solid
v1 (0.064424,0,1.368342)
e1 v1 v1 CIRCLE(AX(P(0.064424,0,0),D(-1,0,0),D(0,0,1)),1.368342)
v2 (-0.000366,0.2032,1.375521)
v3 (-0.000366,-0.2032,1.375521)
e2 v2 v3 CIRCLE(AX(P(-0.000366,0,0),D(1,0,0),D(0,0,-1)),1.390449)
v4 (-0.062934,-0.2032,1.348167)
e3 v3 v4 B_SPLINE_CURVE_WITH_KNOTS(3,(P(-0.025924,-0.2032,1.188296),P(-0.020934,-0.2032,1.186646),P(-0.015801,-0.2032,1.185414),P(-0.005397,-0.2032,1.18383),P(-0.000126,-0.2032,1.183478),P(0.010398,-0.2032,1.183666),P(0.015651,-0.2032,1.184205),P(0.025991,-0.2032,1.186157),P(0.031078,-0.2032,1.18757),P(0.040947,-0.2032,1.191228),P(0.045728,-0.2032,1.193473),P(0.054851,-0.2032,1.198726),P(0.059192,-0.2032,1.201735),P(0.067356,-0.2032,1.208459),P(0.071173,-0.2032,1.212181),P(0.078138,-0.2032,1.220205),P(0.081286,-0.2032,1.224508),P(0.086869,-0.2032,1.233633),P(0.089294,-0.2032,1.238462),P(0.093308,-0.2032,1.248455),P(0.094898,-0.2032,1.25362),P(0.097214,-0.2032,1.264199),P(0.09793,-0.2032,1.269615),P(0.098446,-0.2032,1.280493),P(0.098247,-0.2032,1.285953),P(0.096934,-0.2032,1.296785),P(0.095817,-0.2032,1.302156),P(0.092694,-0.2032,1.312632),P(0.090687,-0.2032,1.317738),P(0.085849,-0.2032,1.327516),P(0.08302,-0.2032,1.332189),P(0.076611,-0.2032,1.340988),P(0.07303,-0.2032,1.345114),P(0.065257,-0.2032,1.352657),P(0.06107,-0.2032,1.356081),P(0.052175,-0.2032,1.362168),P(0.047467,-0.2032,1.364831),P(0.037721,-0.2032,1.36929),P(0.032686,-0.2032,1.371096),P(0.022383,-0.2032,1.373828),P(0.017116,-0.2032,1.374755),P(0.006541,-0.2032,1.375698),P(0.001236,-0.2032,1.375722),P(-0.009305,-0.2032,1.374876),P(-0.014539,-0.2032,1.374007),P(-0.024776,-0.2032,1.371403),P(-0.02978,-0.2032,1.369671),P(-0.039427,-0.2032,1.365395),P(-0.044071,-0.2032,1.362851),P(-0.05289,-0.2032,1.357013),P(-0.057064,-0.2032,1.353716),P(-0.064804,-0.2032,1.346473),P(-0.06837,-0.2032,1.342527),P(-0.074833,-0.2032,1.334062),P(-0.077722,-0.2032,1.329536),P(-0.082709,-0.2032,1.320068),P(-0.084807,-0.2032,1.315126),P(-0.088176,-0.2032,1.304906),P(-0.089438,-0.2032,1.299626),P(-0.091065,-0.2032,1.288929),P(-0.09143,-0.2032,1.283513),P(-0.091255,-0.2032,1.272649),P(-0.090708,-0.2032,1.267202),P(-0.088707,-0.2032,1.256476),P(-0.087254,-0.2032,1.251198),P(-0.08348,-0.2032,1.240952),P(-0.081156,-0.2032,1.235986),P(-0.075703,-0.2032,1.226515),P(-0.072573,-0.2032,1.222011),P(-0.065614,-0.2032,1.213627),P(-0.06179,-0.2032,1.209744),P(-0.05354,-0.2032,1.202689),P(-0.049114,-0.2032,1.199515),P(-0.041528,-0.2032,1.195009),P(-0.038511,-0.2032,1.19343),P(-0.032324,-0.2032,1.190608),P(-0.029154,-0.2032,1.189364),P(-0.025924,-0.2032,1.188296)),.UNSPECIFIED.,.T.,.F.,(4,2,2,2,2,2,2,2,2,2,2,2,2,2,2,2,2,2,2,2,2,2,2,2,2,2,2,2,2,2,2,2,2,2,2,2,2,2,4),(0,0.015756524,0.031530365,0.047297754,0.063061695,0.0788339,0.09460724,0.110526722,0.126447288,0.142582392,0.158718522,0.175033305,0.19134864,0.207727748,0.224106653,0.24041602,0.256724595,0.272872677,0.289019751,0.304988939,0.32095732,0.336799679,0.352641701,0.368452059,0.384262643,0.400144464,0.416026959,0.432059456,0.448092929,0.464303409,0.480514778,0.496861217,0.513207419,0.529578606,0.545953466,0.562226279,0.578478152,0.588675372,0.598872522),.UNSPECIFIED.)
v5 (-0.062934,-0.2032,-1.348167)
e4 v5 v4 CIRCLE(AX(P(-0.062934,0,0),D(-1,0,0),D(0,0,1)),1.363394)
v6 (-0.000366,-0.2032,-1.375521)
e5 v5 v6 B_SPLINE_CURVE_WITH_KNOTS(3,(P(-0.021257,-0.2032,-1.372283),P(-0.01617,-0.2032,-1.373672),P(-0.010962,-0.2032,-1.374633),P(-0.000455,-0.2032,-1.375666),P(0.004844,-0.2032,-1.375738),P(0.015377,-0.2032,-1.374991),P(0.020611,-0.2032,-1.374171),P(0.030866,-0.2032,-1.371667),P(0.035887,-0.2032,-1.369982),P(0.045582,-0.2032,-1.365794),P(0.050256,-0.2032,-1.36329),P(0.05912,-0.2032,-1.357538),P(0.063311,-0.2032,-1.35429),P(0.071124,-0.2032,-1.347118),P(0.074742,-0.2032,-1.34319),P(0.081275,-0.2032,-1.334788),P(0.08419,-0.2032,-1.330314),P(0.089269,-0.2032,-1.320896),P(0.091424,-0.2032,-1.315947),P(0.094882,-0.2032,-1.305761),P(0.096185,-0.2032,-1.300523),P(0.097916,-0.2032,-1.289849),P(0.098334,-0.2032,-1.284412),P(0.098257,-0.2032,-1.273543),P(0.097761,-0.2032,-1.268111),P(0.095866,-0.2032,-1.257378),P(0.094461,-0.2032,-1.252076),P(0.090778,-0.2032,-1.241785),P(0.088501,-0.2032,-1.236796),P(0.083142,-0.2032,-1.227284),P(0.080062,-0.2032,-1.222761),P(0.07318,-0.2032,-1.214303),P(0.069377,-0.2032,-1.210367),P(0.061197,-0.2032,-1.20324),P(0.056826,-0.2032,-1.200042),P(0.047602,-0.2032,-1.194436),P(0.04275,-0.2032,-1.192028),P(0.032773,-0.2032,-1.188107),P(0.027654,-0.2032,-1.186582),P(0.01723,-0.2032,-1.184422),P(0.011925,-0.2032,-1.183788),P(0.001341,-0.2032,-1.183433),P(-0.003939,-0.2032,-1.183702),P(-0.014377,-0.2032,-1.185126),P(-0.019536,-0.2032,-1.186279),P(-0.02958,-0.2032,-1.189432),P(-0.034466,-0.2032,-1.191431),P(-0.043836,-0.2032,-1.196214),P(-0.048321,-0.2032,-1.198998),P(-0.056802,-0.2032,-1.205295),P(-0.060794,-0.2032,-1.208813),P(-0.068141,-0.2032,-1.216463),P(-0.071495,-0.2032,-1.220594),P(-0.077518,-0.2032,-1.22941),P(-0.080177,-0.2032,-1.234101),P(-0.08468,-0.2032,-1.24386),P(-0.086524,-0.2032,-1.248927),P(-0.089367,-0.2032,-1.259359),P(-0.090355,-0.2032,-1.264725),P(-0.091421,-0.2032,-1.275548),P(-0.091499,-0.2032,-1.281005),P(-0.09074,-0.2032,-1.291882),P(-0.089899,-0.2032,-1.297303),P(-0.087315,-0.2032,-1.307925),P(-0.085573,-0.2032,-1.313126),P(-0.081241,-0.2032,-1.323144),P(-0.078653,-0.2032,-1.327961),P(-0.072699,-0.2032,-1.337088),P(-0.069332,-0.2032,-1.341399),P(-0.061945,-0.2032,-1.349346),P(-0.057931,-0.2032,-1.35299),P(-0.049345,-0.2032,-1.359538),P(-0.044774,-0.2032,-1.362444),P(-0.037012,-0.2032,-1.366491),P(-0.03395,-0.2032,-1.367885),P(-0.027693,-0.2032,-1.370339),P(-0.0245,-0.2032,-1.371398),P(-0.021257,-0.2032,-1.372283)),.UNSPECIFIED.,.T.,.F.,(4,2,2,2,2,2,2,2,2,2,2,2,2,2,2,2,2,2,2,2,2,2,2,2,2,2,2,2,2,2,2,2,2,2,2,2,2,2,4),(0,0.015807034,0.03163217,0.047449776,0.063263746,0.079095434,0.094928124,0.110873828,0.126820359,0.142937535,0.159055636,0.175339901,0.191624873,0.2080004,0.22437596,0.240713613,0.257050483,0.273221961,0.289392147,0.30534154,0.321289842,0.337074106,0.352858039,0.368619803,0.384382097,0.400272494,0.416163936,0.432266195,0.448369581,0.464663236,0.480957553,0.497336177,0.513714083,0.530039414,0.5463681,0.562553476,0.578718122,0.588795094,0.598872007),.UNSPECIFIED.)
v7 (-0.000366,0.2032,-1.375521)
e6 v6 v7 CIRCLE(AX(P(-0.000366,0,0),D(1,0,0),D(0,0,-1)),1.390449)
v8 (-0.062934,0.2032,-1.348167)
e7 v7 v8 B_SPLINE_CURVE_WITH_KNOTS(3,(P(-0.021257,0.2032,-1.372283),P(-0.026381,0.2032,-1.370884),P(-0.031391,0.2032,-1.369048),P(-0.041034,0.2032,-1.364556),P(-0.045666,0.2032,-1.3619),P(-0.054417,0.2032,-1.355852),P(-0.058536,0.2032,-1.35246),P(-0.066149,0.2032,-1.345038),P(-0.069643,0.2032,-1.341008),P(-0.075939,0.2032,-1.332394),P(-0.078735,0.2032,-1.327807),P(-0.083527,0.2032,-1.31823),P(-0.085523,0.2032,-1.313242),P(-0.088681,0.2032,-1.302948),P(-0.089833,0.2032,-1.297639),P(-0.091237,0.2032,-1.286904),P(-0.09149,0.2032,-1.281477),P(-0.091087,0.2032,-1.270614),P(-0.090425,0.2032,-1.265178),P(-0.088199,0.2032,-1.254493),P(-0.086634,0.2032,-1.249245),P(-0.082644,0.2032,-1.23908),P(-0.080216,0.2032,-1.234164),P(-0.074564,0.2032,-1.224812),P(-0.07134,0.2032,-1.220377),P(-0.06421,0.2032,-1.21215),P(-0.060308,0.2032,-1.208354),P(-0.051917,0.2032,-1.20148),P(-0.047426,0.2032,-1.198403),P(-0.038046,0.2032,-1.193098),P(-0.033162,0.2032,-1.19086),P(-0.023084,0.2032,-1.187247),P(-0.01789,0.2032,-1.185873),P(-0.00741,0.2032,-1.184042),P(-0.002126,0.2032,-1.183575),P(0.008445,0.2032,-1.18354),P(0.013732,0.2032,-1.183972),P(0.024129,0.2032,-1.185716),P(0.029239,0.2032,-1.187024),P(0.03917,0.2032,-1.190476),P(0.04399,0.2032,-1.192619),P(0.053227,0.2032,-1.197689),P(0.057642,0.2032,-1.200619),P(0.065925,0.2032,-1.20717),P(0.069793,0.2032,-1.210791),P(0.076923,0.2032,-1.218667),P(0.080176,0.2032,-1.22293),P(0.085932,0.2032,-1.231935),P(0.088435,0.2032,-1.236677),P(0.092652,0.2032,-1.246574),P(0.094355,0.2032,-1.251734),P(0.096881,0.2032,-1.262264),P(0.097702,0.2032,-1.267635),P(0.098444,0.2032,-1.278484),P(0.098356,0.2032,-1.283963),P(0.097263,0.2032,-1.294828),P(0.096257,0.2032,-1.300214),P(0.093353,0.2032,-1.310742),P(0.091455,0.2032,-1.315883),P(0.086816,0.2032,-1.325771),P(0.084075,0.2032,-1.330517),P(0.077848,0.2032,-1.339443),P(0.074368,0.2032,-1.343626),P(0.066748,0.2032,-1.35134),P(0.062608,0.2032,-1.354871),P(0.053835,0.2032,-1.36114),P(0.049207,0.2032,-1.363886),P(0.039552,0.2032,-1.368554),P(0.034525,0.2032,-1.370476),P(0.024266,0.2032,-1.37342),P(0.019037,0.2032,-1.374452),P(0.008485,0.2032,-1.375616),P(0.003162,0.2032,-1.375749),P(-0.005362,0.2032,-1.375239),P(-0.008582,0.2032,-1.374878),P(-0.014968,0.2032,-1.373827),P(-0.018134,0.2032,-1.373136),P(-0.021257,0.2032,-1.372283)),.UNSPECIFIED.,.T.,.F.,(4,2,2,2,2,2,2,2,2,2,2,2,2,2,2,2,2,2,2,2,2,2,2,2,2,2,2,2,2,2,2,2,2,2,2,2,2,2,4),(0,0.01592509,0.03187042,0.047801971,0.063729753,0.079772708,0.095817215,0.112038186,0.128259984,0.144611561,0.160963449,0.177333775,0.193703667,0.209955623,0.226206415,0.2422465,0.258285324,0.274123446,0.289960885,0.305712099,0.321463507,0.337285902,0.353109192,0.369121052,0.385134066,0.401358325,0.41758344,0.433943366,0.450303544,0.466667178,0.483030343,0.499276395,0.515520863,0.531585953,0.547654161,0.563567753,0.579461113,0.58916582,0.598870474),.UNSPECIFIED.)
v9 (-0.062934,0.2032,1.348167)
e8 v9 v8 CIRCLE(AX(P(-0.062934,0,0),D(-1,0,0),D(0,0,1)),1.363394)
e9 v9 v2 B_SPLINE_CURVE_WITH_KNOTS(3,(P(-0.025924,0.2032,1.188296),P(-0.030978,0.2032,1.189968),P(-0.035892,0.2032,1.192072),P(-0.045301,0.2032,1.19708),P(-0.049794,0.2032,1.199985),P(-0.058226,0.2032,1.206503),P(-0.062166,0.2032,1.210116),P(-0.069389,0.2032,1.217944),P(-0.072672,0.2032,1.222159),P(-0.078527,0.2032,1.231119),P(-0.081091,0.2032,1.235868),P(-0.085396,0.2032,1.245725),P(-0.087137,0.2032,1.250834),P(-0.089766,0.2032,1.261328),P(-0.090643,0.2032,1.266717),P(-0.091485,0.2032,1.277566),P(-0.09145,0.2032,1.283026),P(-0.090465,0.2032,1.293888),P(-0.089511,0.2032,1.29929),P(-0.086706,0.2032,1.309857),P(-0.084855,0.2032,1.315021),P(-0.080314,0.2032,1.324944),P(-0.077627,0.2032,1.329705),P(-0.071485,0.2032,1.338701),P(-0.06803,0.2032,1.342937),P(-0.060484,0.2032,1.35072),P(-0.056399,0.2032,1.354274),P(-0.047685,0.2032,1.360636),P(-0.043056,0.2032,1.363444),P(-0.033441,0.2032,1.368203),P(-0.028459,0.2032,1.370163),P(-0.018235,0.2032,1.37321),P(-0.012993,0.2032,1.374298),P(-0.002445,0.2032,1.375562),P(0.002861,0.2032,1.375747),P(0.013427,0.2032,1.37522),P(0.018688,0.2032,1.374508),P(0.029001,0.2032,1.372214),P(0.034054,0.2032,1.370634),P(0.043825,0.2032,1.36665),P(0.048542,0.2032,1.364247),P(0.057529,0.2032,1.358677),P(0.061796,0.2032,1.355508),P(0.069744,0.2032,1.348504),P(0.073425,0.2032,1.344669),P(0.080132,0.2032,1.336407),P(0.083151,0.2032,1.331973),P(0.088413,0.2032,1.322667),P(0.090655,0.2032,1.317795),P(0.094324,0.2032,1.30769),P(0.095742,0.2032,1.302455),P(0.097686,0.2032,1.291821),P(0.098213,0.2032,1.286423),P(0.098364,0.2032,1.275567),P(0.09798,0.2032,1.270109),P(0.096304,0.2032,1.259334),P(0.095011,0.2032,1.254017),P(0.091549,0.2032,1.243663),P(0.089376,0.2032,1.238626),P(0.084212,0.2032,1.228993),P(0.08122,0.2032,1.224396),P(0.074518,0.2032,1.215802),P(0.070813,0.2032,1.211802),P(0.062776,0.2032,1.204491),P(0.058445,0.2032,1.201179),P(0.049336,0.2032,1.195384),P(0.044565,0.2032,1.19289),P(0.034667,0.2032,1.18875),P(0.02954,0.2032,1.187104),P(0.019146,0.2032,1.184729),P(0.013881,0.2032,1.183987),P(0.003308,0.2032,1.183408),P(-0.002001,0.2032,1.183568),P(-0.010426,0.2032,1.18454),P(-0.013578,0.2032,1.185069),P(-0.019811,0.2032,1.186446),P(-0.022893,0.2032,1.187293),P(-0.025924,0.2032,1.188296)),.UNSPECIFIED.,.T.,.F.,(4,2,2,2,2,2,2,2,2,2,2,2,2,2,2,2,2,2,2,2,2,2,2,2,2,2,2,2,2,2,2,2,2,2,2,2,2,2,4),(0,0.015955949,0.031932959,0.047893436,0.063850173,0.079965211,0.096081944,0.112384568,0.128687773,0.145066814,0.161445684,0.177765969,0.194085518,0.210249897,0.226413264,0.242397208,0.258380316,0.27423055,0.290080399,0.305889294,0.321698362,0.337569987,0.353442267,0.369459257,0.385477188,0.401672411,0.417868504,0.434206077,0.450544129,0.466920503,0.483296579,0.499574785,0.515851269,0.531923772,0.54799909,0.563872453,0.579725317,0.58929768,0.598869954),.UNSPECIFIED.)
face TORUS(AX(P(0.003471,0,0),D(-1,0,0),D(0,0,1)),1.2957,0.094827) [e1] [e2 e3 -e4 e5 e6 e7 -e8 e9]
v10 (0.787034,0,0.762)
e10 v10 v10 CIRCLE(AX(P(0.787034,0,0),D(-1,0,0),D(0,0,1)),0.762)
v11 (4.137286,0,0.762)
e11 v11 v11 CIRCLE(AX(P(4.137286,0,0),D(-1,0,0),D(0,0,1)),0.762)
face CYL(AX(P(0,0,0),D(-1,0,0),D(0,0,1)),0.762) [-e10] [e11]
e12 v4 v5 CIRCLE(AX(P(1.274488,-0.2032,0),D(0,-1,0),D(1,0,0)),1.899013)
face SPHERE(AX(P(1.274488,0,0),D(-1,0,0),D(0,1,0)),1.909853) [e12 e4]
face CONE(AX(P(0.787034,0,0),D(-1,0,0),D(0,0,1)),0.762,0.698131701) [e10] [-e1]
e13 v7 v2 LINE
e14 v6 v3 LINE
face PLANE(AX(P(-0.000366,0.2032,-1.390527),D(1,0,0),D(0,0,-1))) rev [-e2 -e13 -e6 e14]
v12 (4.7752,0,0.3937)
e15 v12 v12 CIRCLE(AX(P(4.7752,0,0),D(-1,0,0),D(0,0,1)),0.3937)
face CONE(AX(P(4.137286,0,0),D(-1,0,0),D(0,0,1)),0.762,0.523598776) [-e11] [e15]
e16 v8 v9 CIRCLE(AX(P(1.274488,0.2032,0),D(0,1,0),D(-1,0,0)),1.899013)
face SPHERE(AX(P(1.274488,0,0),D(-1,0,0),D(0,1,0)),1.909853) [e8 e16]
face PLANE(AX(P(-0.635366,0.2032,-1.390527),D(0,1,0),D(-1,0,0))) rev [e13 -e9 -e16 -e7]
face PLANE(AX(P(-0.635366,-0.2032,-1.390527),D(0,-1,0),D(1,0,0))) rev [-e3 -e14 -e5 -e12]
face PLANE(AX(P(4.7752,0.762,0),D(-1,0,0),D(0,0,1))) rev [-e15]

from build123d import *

# Parameters (mm, degrees)
SLOT_CUT_EXTRUDE1_DEPTH      = 6.164268132
SLOT_CUT_EXTRUDE1_DEPTH_BACK = 6.164268132
SKETCH2_W                    = 0.635
SKETCH2_H                    = 0.4064


with BuildPart() as part:
    # Sketch1 → base-Revolve (revolve)
    with BuildSketch(Plane.XY, mode=Mode.PRIVATE) as base_revolve_sk:
        with BuildLine():
            Line((0.064424285, 1.368341606), (0.787034073, 0.762))
            Line((0.787034073, 0.762), (4.7752, 0.762))
            Line((4.7752, 0.762), (4.7752, 0))
            Line((4.7752, 0), (0, 0))
            Line((0, 0), (-0.635365927, 0))
            ThreePointArc((-0.635365927, 0), (-0.486452415, 0.739344802), (-0.062933801, 1.363394443))
            ThreePointArc((-0.062933801, 1.363394443), (-0.000209842, 1.390455371), (0.064424285, 1.368341606))
        make_face()
    revolve(base_revolve_sk.sketch.rotate(Axis((0, 0, 0), (1, 0, 0)), 90), axis=Axis((0, 0, 0), (1, 0, 0)))

    # Sketch2 → slot_Cut-Extrude1 (cut, two sides: drawn at the far end of the back side and taken through both)
    with BuildSketch(Plane.XY.offset(-SLOT_CUT_EXTRUDE1_DEPTH_BACK)):
        with Locations((-0.317865927, 0)):
            Rectangle(SKETCH2_W, SKETCH2_H)
    extrude(amount=SLOT_CUT_EXTRUDE1_DEPTH + SLOT_CUT_EXTRUDE1_DEPTH_BACK, mode=Mode.SUBTRACT)

    # Sketch8 → point_Cut-Revolve1 (revolve, cut)
    with BuildSketch(Plane.XY, mode=Mode.PRIVATE) as point_cut_revolve1_sk:
        Polygon((4.7752, 0), (5.2832, 0), (5.2832, 1.27), (4.137285688, 1.27), (4.137285688, 0.762), (4.7752, 0.3937), align=None)
    revolve(point_cut_revolve1_sk.sketch.rotate(Axis((0, 0, 0), (1, 0, 0)), 90), axis=Axis((0, 0, 0), (1, 0, 0)), mode=Mode.SUBTRACT)


solid = part.part
